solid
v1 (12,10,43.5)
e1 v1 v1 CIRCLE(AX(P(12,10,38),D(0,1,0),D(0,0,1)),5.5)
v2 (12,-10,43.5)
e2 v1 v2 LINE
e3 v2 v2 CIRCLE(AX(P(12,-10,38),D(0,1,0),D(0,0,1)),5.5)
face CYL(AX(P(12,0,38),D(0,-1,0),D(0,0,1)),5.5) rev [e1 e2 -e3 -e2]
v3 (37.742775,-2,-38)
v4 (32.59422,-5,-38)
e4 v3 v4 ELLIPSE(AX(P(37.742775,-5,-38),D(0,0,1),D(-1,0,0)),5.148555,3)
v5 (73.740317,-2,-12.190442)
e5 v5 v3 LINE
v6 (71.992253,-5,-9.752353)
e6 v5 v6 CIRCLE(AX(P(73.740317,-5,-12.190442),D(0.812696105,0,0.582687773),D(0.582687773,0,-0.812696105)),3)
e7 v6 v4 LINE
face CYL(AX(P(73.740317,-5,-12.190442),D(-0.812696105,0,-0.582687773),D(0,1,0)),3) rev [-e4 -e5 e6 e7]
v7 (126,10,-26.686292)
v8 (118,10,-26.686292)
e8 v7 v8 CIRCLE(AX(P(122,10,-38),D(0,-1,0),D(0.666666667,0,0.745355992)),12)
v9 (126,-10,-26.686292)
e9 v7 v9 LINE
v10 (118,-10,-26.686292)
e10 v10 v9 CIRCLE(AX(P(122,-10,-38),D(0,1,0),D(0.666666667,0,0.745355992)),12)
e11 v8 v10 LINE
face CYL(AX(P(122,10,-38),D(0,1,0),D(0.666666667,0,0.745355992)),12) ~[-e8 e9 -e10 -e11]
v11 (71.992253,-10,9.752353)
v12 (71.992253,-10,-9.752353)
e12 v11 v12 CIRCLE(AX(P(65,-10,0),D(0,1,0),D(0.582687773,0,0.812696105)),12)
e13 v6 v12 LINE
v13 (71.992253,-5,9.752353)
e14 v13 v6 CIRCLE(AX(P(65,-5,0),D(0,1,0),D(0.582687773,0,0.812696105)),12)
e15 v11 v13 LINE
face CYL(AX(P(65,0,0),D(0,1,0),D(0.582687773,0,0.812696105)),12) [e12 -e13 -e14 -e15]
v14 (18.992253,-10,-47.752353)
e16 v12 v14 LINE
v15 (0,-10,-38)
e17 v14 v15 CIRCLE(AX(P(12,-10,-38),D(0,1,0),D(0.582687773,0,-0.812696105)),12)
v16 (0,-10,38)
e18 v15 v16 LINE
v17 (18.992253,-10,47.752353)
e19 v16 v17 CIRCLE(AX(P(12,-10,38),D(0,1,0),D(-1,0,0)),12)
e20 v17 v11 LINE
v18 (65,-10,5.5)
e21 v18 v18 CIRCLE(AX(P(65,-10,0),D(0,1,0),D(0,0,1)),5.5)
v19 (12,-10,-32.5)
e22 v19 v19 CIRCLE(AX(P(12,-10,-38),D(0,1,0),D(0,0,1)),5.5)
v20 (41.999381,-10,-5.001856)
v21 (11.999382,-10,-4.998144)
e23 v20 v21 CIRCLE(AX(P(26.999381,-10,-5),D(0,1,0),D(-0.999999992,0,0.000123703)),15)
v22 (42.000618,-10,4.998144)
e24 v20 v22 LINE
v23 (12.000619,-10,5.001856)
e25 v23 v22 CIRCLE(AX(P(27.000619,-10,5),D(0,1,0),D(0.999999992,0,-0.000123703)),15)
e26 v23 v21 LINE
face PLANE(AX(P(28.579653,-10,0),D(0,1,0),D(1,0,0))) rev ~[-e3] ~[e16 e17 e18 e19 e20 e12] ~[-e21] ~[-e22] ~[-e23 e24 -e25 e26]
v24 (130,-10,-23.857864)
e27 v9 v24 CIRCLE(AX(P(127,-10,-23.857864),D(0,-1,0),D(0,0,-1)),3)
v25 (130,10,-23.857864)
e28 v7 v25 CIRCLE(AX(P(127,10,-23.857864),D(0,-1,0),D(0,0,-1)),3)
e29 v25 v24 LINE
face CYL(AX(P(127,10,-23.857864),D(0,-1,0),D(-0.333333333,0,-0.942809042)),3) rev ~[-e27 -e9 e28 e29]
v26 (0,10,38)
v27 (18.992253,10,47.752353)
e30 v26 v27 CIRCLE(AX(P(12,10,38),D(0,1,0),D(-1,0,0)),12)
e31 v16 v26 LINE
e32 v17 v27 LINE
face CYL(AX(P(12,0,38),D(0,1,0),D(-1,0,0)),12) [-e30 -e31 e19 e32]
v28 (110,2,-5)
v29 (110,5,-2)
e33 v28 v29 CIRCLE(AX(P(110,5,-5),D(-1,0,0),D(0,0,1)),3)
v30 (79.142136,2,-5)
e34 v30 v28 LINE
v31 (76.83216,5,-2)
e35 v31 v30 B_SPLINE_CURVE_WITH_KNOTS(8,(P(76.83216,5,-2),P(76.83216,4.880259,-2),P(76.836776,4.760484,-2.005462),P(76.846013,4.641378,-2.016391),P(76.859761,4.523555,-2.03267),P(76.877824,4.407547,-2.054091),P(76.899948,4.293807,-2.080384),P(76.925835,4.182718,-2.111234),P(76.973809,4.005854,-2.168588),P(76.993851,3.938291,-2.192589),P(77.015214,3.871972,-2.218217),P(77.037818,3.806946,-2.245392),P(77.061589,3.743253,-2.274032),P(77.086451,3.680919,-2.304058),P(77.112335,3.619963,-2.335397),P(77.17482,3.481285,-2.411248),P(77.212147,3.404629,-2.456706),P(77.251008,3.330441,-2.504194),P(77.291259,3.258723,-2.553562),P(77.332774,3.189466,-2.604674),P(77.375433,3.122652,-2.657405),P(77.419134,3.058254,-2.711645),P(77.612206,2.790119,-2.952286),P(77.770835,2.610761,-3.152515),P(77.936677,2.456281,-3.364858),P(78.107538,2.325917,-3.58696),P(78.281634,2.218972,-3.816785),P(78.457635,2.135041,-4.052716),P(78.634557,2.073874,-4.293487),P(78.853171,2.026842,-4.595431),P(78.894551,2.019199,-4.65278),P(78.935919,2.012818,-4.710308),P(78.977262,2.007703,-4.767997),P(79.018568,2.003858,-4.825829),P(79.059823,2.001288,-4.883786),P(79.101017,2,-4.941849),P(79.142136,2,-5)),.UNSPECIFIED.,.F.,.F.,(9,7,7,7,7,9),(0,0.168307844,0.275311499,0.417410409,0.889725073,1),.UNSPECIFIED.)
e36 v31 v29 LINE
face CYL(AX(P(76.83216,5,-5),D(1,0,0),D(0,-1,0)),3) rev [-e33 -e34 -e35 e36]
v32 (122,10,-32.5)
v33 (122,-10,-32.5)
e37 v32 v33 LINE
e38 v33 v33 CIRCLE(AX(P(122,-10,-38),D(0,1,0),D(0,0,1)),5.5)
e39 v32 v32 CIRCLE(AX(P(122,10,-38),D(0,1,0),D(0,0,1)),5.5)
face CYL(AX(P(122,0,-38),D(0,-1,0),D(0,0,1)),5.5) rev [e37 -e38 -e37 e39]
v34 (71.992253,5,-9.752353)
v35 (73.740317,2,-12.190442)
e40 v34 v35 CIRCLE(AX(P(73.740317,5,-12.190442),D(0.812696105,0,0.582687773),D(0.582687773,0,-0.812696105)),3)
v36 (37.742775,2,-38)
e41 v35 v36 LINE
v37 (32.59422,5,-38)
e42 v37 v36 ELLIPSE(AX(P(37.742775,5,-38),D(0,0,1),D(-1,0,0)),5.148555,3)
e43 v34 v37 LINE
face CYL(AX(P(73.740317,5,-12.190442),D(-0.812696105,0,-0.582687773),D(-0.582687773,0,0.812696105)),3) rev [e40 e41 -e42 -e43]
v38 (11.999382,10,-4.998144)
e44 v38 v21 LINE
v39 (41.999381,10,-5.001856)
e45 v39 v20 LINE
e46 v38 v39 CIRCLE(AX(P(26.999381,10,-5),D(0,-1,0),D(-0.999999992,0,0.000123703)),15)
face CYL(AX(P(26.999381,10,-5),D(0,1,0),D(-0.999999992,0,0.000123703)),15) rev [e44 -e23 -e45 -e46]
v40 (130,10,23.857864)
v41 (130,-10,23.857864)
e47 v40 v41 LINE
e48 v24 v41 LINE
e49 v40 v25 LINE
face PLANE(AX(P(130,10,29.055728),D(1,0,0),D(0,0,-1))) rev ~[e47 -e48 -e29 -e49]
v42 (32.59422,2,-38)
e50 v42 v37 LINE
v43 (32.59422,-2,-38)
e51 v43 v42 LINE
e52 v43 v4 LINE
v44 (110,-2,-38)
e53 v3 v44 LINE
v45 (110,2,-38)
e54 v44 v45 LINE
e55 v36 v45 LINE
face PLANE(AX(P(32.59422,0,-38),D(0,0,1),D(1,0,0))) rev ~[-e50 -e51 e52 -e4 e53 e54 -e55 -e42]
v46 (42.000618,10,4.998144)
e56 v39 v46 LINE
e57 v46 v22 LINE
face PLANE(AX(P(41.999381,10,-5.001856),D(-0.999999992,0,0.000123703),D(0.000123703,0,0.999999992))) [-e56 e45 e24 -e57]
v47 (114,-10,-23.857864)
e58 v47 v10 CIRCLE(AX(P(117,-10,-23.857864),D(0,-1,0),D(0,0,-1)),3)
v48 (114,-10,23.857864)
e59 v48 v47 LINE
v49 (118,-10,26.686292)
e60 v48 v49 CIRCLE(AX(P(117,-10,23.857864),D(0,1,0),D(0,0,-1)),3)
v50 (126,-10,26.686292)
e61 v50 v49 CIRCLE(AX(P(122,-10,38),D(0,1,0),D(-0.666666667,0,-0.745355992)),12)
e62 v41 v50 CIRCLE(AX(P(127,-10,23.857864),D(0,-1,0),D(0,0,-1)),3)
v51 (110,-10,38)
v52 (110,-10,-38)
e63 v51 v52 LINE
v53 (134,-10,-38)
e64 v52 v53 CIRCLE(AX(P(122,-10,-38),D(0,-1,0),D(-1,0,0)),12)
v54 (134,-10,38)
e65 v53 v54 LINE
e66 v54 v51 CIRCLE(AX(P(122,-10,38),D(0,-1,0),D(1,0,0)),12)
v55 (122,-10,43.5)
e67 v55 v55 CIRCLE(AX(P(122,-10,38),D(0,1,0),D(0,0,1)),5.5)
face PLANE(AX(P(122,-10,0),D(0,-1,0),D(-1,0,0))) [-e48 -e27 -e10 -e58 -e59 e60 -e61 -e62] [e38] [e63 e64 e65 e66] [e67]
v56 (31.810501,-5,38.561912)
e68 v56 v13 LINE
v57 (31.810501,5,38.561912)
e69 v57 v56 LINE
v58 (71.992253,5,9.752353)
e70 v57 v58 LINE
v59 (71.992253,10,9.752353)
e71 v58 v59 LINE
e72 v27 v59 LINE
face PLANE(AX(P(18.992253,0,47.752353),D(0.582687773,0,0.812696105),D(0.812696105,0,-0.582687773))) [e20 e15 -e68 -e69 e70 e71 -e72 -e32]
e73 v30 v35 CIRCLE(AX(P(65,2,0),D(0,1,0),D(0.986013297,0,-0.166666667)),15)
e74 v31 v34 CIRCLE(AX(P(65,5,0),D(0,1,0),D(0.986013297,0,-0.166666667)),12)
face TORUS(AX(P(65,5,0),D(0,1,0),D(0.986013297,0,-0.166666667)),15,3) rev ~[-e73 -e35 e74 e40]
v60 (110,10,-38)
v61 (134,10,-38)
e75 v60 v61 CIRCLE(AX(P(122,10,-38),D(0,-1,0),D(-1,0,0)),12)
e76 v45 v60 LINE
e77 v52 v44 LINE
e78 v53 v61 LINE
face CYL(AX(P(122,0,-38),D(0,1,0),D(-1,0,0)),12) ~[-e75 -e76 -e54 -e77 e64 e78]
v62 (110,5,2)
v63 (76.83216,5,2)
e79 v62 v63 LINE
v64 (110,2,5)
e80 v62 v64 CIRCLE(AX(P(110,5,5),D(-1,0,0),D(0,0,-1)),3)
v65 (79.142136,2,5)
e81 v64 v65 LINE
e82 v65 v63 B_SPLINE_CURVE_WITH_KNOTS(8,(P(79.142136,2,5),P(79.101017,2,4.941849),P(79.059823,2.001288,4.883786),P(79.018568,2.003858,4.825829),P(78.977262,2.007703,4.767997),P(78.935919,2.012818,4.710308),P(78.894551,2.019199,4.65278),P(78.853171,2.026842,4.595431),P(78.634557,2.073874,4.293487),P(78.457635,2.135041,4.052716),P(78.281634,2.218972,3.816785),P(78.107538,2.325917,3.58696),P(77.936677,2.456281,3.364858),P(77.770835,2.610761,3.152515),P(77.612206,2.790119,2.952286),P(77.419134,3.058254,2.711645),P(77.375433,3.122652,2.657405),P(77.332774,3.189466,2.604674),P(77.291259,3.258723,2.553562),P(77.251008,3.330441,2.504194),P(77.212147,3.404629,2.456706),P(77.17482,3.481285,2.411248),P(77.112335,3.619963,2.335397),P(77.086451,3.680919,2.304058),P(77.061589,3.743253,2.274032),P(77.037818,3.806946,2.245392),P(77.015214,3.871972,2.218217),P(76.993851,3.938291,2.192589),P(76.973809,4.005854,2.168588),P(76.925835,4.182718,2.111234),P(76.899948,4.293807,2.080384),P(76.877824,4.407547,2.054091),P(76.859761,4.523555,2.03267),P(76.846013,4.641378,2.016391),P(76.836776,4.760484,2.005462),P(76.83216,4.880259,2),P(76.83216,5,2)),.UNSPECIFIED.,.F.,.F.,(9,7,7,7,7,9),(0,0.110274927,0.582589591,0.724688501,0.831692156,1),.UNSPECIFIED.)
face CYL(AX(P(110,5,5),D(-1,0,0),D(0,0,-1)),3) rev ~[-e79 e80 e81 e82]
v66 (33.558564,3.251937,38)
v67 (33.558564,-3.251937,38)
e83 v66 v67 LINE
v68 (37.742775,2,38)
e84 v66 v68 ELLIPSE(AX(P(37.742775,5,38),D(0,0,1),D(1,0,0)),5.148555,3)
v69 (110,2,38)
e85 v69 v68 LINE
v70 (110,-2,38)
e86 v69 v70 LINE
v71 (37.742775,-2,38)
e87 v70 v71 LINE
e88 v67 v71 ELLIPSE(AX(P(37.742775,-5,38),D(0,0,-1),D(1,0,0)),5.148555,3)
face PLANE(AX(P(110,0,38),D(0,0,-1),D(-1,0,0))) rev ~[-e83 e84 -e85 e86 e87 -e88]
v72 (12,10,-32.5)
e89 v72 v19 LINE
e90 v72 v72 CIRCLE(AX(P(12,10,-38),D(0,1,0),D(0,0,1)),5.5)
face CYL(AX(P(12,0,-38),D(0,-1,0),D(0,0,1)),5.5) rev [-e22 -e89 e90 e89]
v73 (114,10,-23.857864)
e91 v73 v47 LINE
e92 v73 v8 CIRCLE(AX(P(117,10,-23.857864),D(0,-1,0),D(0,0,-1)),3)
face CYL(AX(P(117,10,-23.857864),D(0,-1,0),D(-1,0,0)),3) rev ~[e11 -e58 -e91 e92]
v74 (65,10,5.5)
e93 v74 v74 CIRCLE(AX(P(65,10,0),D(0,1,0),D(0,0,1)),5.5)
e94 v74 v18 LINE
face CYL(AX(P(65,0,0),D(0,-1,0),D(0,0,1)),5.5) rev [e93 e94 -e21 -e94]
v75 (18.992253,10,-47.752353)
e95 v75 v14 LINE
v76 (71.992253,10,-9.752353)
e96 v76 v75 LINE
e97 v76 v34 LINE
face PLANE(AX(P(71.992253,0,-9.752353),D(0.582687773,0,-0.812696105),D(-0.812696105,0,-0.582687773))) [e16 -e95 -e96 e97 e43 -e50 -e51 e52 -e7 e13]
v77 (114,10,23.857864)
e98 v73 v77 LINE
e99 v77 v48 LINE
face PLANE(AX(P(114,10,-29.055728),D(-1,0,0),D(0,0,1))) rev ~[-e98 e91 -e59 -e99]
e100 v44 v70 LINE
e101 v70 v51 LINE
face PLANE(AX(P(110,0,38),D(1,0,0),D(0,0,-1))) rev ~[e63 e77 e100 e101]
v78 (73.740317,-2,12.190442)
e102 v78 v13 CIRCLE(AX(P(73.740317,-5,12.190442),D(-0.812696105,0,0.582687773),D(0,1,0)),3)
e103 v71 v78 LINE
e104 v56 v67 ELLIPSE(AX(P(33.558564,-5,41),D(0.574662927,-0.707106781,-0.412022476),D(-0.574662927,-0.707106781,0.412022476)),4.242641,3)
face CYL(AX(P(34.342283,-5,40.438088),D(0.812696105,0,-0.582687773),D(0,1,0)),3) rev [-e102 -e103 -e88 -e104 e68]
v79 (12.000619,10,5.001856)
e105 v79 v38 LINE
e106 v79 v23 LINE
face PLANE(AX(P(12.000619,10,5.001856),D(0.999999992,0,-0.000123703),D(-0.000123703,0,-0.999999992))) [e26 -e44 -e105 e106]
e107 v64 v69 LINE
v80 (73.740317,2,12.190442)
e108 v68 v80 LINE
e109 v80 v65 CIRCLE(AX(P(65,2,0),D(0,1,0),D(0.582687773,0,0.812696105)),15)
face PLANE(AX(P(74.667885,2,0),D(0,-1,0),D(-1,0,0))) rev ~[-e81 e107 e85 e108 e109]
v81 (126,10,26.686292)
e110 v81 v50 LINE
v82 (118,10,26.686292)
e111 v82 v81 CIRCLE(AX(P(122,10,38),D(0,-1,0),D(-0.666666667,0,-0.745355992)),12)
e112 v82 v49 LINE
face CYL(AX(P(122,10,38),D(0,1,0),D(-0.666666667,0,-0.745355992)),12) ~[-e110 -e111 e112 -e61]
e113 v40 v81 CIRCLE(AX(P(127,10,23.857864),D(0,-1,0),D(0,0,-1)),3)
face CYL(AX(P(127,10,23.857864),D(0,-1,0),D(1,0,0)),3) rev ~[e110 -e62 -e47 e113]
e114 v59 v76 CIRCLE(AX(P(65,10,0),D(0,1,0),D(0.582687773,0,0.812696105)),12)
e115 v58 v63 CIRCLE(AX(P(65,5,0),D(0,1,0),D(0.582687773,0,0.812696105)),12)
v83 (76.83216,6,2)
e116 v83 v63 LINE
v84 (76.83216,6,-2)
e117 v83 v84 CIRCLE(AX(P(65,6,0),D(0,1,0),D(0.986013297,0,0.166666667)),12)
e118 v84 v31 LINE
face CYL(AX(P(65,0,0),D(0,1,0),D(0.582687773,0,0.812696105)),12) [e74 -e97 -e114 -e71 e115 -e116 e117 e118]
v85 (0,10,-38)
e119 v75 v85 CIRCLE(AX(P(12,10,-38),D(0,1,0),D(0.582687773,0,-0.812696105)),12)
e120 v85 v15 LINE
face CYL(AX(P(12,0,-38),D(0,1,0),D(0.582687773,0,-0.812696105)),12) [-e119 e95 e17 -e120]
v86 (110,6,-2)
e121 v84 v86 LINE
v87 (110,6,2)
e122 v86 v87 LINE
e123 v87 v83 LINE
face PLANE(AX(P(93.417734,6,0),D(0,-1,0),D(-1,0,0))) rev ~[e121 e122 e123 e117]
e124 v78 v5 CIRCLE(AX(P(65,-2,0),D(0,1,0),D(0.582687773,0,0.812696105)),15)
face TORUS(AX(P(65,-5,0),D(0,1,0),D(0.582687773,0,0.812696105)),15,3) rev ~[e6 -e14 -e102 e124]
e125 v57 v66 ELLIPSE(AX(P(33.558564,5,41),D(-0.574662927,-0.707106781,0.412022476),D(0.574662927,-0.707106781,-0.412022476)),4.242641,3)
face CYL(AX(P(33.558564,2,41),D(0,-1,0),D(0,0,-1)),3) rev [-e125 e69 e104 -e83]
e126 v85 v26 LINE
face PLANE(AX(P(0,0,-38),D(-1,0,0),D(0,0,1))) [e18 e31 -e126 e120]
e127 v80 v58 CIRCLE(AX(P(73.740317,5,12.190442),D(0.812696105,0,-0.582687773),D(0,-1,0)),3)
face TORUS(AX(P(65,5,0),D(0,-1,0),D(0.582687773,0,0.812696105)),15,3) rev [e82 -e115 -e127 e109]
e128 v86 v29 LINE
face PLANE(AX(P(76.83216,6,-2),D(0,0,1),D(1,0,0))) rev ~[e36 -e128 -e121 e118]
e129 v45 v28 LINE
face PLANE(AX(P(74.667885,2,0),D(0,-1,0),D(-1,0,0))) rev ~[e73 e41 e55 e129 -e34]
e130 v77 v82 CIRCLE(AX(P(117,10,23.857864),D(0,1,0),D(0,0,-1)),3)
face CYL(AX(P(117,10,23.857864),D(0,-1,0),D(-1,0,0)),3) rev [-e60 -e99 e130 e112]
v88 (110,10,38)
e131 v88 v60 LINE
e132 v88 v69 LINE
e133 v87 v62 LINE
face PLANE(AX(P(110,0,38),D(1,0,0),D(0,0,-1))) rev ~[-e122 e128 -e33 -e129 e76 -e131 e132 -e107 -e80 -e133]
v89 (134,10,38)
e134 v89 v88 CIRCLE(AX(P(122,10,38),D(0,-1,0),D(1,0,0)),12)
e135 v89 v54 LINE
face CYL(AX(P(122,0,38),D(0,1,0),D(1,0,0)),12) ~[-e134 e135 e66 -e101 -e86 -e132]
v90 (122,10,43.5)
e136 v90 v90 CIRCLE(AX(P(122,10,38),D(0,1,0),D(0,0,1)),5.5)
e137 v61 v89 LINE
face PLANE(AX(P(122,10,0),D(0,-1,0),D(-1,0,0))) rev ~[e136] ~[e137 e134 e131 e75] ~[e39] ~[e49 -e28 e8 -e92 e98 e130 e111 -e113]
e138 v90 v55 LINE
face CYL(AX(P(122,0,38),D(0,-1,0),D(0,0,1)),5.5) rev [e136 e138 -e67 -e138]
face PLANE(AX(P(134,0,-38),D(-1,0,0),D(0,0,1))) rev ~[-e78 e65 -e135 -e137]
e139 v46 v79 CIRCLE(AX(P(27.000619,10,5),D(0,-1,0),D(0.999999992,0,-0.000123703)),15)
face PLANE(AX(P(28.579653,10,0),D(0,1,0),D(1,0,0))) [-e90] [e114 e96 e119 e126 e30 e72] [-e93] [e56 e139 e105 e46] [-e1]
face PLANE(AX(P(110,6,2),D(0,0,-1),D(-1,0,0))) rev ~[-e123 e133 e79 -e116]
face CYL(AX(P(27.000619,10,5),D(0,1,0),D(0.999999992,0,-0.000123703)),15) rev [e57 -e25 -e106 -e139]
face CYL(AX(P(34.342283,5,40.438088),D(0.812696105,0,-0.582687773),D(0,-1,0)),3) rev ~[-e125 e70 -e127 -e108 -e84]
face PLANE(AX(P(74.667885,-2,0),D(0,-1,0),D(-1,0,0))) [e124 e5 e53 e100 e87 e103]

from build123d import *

# Parameters (mm, degrees)
SKETCH1_R             = 5.5
BOSS_EXTRUDE1_DEPTH   = 10
BOSS_EXTRUDE1_2_DEPTH = 10
BOSS_EXTRUDE2_DEPTH   = 2
BOSS_EXTRUDE3_START   = 4
BOSS_EXTRUDE3_DEPTH   = 4
CUT_EXTRUDE1_DEPTH    = 145.416065588
FILLET1_R             = 3
FILLET2_R             = 3
CUT_EXTRUDE2_DEPTH    = 145.416065588


with BuildPart() as part:
    # Sketch1 → Boss-Extrude1 (new, symmetric)
    with BuildSketch(Plane(origin=(0, 0, 0), x_dir=(1, 0, 0), z_dir=(0, 1, 0))):
        with BuildLine():
            Line((0, 38), (0, -38))
            ThreePointArc((0, -38), (6.518533014, -48.67490139), (18.99225328, -47.752353258))
            Line((18.99225328, -47.752353258), (71.99225328, -9.752353258))
            ThreePointArc((71.99225328, -9.752353258), (77, 0), (71.99225328, 9.752353258))
            Line((71.99225328, 9.752353258), (18.99225328, 47.752353258))
            ThreePointArc((18.99225328, 47.752353258), (6.518533014, 48.67490139), (0, 38))
        make_face()
        with Locations(Location((12, 38, 0), (0, 0, 270))):
            Circle(SKETCH1_R, mode=Mode.SUBTRACT)
        with Locations(Location((12, -38, 0), (0, 0, 270))):
            Circle(SKETCH1_R, mode=Mode.SUBTRACT)
        with Locations(Location((65, 0, 0), (0, 0, 270))):
            Circle(SKETCH1_R, mode=Mode.SUBTRACT)
    extrude(amount=BOSS_EXTRUDE1_DEPTH, both=True)



with BuildPart() as body_2:
    # Sketch1 → Boss-Extrude1 2 (new, symmetric)
    with BuildSketch(Plane(origin=(0, 0, 0), x_dir=(1, 0, 0), z_dir=(0, 1, 0))):
        with BuildLine():
            Line((134, 38), (134, -38))
            ThreePointArc((134, -38), (122, -50), (110, -38))
            Line((110, -38), (110, 38))
            ThreePointArc((110, 38), (122, 50), (134, 38))
        make_face()
        with Locations(Location((122, 38, 0), (0, 0, 270))):
            Circle(SKETCH1_R, mode=Mode.SUBTRACT)
        with Locations(Location((122, -38, 0), (0, 0, 270))):
            Circle(SKETCH1_R, mode=Mode.SUBTRACT)
    extrude(amount=BOSS_EXTRUDE1_2_DEPTH, both=True)


with BuildPart() as part_1:
    add(part.part)

    add(body_2.part)  # Boss-Extrude2 merges body 2
    # Sketch2 → Boss-Extrude2 (add, symmetric)
    with BuildSketch(Plane(origin=(0, 0, 0), x_dir=(1, 0, 0), z_dir=(0, 1, 0))):
        with BuildLine():
            Line((110, 38), (110, -38))
            Line((110, -38), (32.594219666, -38))
            Line((32.594219666, -38), (71.99225328, -9.752353258))
            ThreePointArc((71.99225328, -9.752353258), (77, 0), (71.99225328, 9.752353258))
            Line((71.99225328, 9.752353258), (32.594219666, 38))
            Line((32.594219666, 38), (110, 38))
        make_face()
    extrude(amount=BOSS_EXTRUDE2_DEPTH, both=True)

    # Sketch3 → Boss-Extrude3 (add)
    with BuildSketch(Plane(origin=(0, 2, 0), x_dir=(1, 0, 0), z_dir=(0, 1, 0)).offset(BOSS_EXTRUDE3_START)):
        with BuildLine():
            Line((76.832159566, 2), (110, 2))
            Line((110, 2), (110, -2))
            Line((110, -2), (76.832159566, -2))
            ThreePointArc((76.832159566, -2), (77, 0), (76.832159566, 2))
        make_face()
    extrude(amount=-BOSS_EXTRUDE3_DEPTH)

    # Sketch4 → Cut-Extrude1 (cut, through all)
    with BuildSketch(Plane(origin=(0, 10, 0), x_dir=(1, 0, 0), z_dir=(0, 1, 0))):
        with BuildLine():
            Line((114, 29.05572809), (114, -29.05572809))
            ThreePointArc((114, -29.05572809), (122, -26), (130, -29.05572809))
            Line((130, -29.05572809), (130, 29.05572809))
            ThreePointArc((130, 29.05572809), (122, 26), (114, 29.05572809))
        make_face()
    extrude(amount=-CUT_EXTRUDE1_DEPTH, mode=Mode.SUBTRACT)

    # Fillet1
    fillet1_edges = [part_1.edges().sort_by_distance(p)[0] for p in [
        (114, 0, -29.05572809),
        (130, 0, -29.05572809),
        (130, 0, 29.05572809),
        (114, 0, 29.05572809),
    ]]
    fillet(fillet1_edges, radius=FILLET1_R)

    # Fillet2
    fillet2_edges = [part_1.edges().sort_by_distance(p)[0] for p in [
        (52.293236473, -2, -23.876176629),
        (77, -2, 0),
        (52.293236473, -2, 23.876176629),
        (32.594219666, 0, 38),
        (52.293236473, 2, -23.876176629),
        (75.179114648, 2, -6.354968528),
        (52.293236473, 2, 23.876176629),
        (75.179114648, 2, 6.354968528),
        (93.416079783, 2, 2),
        (93.416079783, 2, -2),
    ]]
    fillet(fillet2_edges, radius=FILLET2_R)

    # Sketch5 → Cut-Extrude2 (cut, through all)
    with BuildSketch(Plane(origin=(0, 10, 0), x_dir=(1, 0, 0), z_dir=(0, 1, 0))):
        with BuildLine():
            Line((41.999381369, 5.001855509), (42.000618401, -4.998144414))
            ThreePointArc((42.000618401, -4.998144414), (27.002474063, -19.999999847), (12.000618631, -5.001855509))
            Line((12.000618631, -5.001855509), (11.999381599, 4.998144414))
            ThreePointArc((11.999381599, 4.998144414), (26.997525937, 19.999999847), (41.999381369, 5.001855509))
        make_face()
    extrude(amount=-CUT_EXTRUDE2_DEPTH, mode=Mode.SUBTRACT)


solid = part_1.part
